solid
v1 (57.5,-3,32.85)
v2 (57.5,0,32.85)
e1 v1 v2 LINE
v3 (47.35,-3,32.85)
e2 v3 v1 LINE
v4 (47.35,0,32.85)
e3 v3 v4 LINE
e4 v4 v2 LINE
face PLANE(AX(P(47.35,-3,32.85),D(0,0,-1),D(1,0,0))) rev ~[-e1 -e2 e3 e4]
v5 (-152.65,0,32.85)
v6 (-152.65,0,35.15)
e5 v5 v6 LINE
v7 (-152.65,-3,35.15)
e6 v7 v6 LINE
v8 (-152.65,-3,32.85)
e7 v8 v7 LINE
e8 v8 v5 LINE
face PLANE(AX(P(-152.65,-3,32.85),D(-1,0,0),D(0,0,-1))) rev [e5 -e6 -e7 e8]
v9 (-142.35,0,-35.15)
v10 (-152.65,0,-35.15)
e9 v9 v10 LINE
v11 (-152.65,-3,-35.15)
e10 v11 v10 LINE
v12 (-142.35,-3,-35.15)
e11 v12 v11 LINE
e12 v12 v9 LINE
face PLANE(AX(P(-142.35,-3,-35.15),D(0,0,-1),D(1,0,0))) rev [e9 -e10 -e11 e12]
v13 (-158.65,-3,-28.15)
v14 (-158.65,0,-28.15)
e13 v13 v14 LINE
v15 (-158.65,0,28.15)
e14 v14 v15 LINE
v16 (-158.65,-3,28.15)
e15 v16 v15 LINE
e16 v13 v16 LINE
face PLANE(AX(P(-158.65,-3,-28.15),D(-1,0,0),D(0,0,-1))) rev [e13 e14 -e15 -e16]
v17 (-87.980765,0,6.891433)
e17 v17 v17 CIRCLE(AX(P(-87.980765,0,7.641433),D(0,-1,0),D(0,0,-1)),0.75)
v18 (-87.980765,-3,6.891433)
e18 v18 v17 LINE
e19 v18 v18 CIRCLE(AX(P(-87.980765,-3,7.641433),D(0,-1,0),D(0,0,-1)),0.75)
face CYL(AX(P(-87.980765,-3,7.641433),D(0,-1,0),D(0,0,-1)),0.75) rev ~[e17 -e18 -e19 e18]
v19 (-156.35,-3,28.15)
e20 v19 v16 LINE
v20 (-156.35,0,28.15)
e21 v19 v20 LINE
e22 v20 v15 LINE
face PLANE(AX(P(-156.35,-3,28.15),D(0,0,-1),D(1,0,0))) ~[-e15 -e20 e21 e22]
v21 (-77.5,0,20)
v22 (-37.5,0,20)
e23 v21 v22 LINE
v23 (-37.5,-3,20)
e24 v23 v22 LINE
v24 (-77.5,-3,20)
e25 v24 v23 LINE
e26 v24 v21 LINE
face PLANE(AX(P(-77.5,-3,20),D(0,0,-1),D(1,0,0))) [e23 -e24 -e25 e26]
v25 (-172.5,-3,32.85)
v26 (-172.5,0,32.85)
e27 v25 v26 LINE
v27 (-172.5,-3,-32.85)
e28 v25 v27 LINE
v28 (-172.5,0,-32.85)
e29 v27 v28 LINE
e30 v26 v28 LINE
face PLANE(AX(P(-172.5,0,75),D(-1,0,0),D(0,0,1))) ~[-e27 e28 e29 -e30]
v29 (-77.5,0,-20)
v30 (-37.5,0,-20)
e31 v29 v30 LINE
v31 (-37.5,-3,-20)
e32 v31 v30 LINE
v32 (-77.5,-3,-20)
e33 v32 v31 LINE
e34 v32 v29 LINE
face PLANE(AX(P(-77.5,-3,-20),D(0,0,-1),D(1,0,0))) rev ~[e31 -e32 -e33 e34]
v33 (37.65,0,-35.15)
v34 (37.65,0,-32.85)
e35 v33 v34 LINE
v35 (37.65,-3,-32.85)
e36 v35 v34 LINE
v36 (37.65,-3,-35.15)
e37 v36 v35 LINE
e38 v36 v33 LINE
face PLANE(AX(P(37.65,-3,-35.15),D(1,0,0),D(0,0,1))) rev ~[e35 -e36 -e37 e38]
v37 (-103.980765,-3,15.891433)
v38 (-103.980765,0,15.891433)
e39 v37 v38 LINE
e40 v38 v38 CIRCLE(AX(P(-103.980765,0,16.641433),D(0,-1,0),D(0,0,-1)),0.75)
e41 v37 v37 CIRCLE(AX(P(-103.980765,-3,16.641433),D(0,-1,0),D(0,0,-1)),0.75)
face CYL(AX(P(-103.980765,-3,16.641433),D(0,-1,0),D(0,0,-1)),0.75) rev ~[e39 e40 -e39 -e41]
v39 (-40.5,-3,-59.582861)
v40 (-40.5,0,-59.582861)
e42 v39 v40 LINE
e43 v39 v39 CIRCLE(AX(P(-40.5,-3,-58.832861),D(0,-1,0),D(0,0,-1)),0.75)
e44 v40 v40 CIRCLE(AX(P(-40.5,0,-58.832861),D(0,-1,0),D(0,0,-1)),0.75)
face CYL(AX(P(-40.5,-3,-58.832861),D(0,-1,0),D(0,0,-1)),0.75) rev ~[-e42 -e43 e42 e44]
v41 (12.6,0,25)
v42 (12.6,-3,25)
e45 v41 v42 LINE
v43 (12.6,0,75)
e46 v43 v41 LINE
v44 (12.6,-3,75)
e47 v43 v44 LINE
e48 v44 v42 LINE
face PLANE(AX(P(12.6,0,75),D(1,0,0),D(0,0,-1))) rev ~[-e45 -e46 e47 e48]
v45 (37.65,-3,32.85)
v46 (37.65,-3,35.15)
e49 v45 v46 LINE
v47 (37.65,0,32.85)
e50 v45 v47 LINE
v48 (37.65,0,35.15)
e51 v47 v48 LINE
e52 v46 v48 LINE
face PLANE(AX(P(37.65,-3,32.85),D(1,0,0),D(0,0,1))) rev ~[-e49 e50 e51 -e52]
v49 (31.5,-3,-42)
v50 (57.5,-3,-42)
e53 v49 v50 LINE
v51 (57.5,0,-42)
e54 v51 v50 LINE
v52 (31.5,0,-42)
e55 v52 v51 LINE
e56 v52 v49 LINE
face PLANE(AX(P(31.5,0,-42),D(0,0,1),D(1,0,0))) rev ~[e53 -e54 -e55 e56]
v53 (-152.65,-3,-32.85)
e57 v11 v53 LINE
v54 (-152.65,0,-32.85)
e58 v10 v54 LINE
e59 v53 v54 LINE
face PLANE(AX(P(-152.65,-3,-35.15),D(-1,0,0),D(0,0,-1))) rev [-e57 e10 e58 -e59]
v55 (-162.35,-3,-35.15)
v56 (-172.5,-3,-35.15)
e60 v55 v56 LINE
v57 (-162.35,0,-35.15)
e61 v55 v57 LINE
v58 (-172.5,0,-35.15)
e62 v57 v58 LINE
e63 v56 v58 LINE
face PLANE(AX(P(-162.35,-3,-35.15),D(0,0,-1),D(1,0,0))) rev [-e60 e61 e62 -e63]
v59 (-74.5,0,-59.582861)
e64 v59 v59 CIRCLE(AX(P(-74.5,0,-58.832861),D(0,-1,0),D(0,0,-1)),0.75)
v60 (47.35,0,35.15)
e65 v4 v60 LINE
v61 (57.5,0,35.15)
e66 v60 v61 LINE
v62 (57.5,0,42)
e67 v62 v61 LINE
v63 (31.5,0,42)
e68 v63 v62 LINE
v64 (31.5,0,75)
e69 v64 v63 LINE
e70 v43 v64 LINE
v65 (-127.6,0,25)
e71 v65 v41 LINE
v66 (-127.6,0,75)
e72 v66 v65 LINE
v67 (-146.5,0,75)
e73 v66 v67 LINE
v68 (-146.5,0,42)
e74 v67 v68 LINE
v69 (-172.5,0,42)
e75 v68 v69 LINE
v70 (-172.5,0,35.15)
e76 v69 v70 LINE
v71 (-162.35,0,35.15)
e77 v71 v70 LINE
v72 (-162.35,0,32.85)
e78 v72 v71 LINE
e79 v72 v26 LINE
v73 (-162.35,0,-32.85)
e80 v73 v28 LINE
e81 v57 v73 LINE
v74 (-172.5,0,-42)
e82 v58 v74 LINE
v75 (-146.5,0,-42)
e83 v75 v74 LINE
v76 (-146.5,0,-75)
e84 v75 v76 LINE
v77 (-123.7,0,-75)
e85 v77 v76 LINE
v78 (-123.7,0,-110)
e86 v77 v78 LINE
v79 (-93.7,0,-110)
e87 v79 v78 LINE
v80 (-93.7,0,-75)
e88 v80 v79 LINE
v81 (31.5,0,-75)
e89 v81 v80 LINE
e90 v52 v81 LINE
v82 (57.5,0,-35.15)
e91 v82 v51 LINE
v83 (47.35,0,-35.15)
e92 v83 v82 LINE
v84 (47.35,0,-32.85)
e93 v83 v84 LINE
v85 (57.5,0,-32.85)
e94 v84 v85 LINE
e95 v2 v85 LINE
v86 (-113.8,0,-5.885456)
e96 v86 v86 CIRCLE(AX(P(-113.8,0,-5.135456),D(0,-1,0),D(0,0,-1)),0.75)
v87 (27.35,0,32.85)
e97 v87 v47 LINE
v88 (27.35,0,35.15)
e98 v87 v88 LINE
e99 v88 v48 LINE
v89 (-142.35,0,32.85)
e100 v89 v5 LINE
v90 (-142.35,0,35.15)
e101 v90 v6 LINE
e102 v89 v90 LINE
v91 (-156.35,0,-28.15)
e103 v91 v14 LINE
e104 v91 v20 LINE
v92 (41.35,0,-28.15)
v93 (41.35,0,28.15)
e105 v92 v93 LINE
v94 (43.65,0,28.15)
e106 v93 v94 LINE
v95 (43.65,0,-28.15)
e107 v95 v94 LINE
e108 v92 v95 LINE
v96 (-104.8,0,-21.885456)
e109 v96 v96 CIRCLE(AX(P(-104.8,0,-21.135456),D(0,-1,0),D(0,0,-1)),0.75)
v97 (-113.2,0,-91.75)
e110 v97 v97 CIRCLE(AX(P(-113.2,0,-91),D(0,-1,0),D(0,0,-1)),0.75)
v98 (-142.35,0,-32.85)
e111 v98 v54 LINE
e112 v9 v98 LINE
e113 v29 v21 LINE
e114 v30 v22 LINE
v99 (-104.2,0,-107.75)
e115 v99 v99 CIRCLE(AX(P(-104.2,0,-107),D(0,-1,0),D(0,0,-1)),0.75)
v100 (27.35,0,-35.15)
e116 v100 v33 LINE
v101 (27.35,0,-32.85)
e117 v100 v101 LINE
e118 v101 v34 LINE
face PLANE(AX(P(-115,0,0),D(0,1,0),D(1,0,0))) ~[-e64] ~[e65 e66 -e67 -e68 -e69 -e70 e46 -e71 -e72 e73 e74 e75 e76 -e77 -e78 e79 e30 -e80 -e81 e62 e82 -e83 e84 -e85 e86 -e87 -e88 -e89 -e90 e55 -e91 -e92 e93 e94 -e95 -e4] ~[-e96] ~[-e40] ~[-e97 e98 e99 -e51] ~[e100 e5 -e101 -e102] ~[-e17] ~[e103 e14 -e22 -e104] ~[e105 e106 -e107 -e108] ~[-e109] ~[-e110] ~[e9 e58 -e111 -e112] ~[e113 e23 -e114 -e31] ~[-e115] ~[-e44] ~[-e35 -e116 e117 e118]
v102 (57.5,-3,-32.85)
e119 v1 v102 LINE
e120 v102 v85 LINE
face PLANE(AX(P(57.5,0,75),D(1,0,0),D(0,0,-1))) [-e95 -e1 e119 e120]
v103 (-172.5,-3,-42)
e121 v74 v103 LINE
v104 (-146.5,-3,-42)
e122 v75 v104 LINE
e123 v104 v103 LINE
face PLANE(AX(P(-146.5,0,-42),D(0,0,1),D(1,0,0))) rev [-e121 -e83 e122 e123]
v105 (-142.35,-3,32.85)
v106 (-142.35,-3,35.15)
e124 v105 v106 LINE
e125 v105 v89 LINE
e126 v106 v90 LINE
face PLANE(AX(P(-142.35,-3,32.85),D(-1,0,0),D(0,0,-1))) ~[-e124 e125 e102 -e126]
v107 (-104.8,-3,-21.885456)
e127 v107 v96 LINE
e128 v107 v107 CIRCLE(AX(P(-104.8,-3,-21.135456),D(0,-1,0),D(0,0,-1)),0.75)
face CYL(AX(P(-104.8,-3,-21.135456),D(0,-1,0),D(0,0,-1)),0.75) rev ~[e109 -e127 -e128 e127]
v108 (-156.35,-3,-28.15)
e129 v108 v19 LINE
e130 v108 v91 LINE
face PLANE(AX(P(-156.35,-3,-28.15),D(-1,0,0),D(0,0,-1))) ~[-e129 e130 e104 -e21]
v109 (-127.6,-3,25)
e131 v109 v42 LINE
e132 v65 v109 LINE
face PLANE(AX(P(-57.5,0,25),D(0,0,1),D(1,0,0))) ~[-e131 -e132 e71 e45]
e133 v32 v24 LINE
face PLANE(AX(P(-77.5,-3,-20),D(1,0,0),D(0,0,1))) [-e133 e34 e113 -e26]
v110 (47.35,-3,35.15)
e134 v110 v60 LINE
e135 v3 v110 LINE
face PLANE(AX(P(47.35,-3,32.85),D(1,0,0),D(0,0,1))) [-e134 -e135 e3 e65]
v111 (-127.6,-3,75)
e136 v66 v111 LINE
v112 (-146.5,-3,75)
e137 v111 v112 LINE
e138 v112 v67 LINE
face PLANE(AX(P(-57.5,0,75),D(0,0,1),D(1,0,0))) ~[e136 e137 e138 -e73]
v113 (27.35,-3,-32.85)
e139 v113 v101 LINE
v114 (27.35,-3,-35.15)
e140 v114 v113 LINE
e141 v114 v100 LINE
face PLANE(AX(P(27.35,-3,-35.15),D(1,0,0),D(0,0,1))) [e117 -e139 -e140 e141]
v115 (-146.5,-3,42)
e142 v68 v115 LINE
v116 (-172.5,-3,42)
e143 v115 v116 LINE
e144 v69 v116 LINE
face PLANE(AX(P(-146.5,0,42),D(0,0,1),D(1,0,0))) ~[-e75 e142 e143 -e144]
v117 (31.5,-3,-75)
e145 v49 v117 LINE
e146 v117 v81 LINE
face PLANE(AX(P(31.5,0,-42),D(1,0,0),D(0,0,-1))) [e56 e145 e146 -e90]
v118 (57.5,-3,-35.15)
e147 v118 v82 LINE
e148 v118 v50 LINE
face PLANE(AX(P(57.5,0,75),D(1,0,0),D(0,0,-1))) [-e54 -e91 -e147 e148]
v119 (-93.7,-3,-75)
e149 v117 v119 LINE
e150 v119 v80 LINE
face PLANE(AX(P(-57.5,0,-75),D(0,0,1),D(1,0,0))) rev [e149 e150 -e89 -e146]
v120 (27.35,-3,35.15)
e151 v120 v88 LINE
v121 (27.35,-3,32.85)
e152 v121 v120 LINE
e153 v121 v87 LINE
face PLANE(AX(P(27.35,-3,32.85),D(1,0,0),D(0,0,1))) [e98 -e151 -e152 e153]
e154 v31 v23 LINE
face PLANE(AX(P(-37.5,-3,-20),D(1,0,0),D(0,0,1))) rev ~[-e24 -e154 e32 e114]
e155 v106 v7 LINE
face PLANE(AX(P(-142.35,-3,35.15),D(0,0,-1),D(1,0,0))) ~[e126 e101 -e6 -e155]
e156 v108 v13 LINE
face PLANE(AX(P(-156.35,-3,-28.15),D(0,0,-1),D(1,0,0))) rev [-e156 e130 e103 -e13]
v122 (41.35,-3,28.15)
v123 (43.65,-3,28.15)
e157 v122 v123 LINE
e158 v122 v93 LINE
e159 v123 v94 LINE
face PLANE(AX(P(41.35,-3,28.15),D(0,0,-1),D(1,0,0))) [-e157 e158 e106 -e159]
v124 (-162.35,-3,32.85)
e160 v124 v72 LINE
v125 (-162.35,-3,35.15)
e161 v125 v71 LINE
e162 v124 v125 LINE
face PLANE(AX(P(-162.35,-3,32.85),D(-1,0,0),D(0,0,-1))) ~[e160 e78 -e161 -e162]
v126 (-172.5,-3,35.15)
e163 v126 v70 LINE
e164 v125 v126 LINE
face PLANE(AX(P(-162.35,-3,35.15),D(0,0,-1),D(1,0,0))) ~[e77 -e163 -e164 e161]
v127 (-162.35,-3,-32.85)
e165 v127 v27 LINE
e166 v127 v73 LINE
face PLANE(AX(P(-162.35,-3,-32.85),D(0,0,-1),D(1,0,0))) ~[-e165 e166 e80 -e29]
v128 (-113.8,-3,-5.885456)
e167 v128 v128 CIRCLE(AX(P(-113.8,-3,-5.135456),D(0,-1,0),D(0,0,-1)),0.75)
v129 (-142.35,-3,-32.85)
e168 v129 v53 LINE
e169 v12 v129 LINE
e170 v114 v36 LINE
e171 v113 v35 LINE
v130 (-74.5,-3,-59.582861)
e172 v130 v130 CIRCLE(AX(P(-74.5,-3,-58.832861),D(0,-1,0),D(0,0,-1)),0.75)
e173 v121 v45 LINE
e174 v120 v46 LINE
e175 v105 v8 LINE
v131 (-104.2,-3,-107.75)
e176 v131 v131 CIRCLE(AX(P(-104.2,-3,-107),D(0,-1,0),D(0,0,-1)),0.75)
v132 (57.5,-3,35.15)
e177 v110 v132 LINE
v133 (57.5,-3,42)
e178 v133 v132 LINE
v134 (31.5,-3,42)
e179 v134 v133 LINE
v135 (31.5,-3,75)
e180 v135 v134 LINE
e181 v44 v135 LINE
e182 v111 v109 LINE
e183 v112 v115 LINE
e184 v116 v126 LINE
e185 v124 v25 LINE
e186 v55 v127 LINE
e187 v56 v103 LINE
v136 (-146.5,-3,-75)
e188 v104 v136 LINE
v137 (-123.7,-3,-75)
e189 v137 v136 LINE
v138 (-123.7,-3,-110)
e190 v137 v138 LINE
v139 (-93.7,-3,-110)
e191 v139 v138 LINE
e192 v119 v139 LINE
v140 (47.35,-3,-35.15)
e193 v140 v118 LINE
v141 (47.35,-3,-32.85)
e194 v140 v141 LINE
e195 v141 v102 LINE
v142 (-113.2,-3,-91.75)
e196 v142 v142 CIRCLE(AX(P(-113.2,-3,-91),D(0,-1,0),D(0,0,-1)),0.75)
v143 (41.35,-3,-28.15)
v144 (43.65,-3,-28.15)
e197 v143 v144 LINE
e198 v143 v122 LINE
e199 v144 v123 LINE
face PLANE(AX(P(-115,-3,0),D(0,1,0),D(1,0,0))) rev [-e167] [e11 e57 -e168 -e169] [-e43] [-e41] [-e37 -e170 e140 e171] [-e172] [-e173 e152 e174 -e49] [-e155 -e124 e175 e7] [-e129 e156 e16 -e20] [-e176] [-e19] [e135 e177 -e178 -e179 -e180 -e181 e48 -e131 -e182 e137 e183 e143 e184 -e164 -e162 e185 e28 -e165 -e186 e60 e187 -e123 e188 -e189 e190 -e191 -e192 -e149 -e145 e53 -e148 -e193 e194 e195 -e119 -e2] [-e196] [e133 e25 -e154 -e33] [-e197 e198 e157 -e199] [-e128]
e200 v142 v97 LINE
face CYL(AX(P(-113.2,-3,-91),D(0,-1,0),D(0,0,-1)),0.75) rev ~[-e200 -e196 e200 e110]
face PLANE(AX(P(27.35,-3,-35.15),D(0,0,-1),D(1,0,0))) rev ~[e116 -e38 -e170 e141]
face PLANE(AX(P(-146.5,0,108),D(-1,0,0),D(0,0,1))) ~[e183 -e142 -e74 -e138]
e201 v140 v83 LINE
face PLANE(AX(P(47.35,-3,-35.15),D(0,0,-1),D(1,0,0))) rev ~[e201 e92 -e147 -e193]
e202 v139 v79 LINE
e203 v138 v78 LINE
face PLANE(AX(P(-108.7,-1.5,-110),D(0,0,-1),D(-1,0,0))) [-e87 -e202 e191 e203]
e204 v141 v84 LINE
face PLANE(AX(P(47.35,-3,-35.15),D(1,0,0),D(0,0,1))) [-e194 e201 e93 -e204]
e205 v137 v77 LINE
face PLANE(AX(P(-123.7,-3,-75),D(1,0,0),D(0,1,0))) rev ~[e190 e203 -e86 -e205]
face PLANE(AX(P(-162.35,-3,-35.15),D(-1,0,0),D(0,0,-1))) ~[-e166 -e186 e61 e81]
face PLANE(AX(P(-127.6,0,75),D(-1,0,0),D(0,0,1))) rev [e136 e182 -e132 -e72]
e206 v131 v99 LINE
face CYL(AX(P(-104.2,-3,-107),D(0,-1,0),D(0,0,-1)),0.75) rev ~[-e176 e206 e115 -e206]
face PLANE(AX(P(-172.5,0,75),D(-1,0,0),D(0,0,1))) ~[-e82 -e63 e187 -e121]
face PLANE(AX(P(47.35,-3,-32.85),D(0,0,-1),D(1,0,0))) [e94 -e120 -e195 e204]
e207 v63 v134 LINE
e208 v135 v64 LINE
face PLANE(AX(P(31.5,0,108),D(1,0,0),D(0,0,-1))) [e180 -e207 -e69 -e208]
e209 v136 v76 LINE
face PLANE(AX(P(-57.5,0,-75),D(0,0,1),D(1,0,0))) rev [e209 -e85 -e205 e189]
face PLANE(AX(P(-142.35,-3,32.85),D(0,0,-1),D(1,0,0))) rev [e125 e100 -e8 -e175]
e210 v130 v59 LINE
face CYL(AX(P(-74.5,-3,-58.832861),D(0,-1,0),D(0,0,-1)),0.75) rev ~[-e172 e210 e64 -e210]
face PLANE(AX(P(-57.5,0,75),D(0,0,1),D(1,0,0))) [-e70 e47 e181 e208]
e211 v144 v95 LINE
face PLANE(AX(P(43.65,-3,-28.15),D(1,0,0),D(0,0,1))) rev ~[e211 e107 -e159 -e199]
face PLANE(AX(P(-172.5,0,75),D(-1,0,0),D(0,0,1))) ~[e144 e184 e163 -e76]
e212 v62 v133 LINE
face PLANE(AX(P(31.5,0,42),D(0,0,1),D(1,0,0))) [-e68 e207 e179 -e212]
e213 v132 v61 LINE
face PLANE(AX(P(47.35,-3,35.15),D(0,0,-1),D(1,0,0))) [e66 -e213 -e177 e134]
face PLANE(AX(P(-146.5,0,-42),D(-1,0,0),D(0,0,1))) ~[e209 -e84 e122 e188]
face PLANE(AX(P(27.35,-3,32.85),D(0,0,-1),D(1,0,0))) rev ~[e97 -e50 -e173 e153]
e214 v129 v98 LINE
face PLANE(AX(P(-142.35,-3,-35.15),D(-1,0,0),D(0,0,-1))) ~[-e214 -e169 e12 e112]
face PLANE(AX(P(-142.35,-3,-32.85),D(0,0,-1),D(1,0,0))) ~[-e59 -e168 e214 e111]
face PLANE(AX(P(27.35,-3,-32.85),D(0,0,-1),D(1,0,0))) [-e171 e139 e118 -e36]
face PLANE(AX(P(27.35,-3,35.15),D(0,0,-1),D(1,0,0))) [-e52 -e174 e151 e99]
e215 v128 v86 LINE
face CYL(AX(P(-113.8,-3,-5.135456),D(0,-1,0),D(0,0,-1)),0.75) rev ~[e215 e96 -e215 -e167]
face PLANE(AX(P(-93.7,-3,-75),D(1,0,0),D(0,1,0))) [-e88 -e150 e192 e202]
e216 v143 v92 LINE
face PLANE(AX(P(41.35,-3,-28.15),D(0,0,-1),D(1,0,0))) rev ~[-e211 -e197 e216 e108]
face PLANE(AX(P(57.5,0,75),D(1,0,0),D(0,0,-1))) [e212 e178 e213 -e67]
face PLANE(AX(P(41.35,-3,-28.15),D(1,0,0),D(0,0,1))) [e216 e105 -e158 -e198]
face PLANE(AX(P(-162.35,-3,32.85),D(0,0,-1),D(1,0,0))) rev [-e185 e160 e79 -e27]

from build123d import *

# Parameters (mm, degrees)
SKETCH1_W           = 115
SKETCH1_H           = 150
BOSS_EXTRUDE1_DEPTH = 3
SKETCH2_W           = 26
SKETCH2_H           = 66
SKETCH2_W_2         = 70.1
SKETCH2_H_2         = 50
CUT_EXTRUDE1_DEPTH  = 3
SKETCH5_W           = 10.3
SKETCH5_H           = 2.3
SKETCH5_W_2         = 2.3
SKETCH5_H_2         = 56.3
CUT_EXTRUDE2_DEPTH  = 3
SKETCH9_W           = 30
SKETCH9_H           = 3
BOSS_EXTRUDE2_DEPTH = 35
SKETCH8_R           = 0.75
SKETCH8_W           = 40
SKETCH8_H           = 40
CUT_EXTRUDE3_DEPTH  = 205.609994868


with BuildPart() as part:
    # Sketch1 → Boss-Extrude1 (new body)
    with BuildSketch(Plane(origin=(0, 0, 0), x_dir=(1, 0, 0), z_dir=(0, 1, 0))):
        Rectangle(SKETCH1_W, SKETCH1_H)
    extrude(amount=-BOSS_EXTRUDE1_DEPTH)

    # Sketch2 → Cut-Extrude1 (cut)
    with BuildSketch(Plane(origin=(0, 0, 0), x_dir=(1, 0, 0), z_dir=(0, 1, 0))):
        with Locations((44.5, -75)):
            Rectangle(SKETCH2_W, SKETCH2_H)
        with Locations((44.5, 75)):
            Rectangle(SKETCH2_W, SKETCH2_H)
        with Locations((-22.45, -50)):
            Rectangle(SKETCH2_W_2, SKETCH2_H_2)
    extrude(amount=-CUT_EXTRUDE1_DEPTH, mode=Mode.SUBTRACT)

    # Sketch5 → Cut-Extrude2 (cut)
    with BuildSketch(Plane.XZ.offset(3)):
        with Locations((32.5, 34)):
            Rectangle(SKETCH5_W, SKETCH5_H)
        with Locations((42.5, 0)):
            Rectangle(SKETCH5_W_2, SKETCH5_H_2)
        with Locations((52.5, 34)):
            Rectangle(SKETCH5_W, SKETCH5_H)
        with Locations((32.5, -34)):
            Rectangle(SKETCH5_W, SKETCH5_H)
        with Locations((52.5, -34)):
            Rectangle(SKETCH5_W, SKETCH5_H)
    extrude(amount=-CUT_EXTRUDE2_DEPTH, mode=Mode.SUBTRACT)

    # Mirror1: part across plane


with BuildPart() as part_1:
    add(part.part)
    add(part.part.mirror(Plane(origin=(-57.5, -3, 75), x_dir=(0, 0, 1), z_dir=(-1, 0, 0))))

    # Sketch9 → Boss-Extrude2 (add)
    with BuildSketch(Plane(origin=(0, 0, -75), x_dir=(-1, 0, 0), z_dir=(0, 0, -1))):
        with Locations((108.7, -1.5)):
            Rectangle(SKETCH9_W, SKETCH9_H)
    extrude(amount=BOSS_EXTRUDE2_DEPTH)

    # Sketch8 → Cut-Extrude3 (cut, through all)
    with BuildSketch(Plane.XZ.offset(3)):
        with Locations(Location((-74.5, -58.832861148, 0), (0, 0, 270))):
            Circle(SKETCH8_R)
        with Locations(Location((-40.5, -58.832861148, 0), (0, 0, 270))):
            Circle(SKETCH8_R)
        with Locations(Location((-104.8, -21.135456144, 0), (0, 0, 270))):
            Circle(SKETCH8_R)
        with Locations(Location((-113.8, -5.135456144, 0), (0, 0, 270))):
            Circle(SKETCH8_R)
        with Locations(Location((-87.980765301, 7.641432582, 0), (0, 0, 270))):
            Circle(SKETCH8_R)
        with Locations(Location((-103.980765301, 16.641432582, 0), (0, 0, 270))):
            Circle(SKETCH8_R)
        with Locations(Location((-104.2, -107, 0), (0, 0, 270))):
            Circle(SKETCH8_R)
        with Locations(Location((-113.2, -91, 0), (0, 0, 270))):
            Circle(SKETCH8_R)
        with Locations((-57.5, 0)):
            Rectangle(SKETCH8_W, SKETCH8_H)
    extrude(amount=-CUT_EXTRUDE3_DEPTH, mode=Mode.SUBTRACT)


solid = part_1.part
